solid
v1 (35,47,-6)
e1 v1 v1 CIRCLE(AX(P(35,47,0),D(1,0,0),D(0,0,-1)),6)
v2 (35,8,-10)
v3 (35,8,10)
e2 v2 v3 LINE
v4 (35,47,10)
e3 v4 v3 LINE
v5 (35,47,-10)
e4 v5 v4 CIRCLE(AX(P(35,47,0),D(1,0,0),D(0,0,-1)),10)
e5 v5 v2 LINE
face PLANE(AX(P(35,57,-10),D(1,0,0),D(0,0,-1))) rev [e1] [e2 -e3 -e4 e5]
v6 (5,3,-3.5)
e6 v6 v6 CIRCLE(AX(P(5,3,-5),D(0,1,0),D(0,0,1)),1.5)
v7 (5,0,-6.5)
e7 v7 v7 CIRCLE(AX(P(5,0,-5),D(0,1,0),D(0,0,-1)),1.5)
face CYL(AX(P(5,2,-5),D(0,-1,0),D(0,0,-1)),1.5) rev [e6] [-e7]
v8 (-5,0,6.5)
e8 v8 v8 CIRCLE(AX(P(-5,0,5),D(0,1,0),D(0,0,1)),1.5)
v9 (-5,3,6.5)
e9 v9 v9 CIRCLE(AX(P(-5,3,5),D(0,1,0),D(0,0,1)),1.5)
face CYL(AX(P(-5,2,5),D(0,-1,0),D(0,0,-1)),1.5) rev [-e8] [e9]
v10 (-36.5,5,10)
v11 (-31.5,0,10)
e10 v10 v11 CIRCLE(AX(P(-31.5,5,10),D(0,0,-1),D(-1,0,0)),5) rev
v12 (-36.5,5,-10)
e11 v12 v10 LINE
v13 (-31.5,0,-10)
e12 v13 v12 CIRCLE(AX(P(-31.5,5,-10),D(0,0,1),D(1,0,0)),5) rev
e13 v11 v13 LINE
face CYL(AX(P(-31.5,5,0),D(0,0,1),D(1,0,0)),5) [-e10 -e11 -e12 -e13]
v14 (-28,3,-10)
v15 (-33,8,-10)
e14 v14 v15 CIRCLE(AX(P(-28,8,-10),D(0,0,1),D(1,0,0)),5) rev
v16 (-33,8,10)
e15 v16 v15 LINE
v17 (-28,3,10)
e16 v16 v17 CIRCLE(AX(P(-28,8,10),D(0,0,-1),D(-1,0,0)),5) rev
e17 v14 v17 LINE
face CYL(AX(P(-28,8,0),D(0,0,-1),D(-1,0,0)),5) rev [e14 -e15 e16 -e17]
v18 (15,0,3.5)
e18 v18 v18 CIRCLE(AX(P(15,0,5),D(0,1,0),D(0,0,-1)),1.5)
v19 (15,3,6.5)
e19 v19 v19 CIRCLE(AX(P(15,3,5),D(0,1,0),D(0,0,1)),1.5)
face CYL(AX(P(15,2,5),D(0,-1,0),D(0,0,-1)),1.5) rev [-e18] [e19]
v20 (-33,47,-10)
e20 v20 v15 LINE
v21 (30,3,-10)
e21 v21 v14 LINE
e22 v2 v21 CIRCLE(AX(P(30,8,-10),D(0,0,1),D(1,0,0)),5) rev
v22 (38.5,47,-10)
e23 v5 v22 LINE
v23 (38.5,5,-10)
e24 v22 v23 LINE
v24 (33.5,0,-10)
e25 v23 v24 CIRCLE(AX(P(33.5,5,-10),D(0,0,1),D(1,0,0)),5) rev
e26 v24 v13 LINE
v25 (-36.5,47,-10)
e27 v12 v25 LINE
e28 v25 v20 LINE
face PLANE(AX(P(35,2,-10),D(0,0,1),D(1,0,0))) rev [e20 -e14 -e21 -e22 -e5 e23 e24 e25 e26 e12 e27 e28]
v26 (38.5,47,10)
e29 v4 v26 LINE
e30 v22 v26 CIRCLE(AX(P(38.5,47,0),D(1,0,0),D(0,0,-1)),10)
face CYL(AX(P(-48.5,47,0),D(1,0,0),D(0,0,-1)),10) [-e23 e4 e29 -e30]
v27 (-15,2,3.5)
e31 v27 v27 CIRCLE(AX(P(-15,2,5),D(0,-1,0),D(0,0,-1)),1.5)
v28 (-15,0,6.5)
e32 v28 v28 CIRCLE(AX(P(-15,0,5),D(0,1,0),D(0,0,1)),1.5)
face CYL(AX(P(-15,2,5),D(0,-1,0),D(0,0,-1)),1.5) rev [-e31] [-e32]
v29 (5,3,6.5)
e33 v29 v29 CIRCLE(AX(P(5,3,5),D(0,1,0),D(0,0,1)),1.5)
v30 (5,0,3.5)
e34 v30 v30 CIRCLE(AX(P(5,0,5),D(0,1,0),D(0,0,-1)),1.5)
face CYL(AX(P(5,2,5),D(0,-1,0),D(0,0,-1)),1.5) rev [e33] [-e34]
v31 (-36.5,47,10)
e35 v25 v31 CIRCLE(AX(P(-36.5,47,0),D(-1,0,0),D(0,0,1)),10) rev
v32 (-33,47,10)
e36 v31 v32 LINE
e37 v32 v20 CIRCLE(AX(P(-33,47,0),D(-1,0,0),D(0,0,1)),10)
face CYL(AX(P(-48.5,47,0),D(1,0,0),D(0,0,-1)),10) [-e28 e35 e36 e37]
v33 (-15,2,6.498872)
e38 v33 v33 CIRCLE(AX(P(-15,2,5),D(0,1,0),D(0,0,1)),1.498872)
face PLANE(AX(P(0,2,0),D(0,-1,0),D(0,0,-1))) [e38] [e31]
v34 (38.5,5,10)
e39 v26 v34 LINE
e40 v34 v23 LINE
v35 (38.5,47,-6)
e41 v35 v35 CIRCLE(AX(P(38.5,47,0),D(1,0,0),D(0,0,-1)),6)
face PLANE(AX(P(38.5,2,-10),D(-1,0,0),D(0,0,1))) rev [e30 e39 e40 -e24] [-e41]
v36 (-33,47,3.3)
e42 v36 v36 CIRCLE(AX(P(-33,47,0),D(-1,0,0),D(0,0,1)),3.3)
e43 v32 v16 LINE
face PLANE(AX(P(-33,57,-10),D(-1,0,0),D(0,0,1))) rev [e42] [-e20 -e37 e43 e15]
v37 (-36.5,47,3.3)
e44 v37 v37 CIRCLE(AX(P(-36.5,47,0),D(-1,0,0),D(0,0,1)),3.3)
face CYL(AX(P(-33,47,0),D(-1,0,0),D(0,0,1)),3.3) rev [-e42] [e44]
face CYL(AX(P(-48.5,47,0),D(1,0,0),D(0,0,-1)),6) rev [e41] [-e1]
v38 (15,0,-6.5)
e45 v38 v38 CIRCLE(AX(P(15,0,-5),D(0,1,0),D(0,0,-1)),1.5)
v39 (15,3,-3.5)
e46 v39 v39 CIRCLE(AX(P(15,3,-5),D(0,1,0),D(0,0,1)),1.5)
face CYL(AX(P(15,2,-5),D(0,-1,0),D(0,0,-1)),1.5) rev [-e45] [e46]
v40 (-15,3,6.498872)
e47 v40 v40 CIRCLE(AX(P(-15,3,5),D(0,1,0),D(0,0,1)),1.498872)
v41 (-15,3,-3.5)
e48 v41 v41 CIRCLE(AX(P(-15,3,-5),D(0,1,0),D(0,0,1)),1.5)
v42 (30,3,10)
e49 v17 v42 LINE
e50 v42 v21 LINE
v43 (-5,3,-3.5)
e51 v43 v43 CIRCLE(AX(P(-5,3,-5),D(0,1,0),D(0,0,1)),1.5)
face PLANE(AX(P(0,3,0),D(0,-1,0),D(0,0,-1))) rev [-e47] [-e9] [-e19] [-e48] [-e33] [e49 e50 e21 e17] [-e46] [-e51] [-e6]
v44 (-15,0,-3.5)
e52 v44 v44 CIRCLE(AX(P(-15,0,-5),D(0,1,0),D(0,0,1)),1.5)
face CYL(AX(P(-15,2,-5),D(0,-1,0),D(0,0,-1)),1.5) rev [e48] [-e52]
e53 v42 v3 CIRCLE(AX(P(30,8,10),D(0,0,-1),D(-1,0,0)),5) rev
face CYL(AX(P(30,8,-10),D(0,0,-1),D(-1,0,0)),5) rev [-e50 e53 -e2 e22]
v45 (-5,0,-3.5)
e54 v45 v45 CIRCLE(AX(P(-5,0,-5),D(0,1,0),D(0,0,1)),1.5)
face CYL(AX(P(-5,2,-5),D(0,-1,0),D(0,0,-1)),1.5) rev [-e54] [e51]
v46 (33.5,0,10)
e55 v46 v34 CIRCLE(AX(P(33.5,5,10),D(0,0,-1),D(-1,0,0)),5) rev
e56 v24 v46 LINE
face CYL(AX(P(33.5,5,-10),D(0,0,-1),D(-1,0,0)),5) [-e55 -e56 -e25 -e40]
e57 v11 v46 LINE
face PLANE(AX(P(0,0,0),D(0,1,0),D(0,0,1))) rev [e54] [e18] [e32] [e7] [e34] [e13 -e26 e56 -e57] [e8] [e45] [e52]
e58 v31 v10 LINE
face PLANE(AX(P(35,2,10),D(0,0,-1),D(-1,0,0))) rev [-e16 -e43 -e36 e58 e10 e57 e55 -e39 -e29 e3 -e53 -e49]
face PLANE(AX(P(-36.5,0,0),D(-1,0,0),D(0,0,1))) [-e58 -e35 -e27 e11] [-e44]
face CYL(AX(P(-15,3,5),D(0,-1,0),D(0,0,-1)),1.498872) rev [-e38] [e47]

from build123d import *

# Parameters (mm, degrees)
SKETCH_2_R          = 1.5
EXTRUDE_1_DEPTH     = 2
SKETCH_3_W          = 2
SKETCH_3_H          = 20
SKETCH_3_W_2        = 3.5
EXTRUDE_2_DEPTH     = 55
SKETCH_9_R          = 6
CUT_EXTRUDE_1_DEPTH = 87
SKETCH_7_R          = 6
SKETCH_7_R_2        = 3.3
EXTRUDE_3_DEPTH     = 2
SKETCH_10_R         = 3.3
EXTRUDE_4_DEPTH     = 1.5
SKETCH_11_W         = 68
SKETCH_11_H         = 20
SKETCH_11_R         = 1.5
SKETCH_11_R_2       = 1.498871695
EXTRUDE_5_DEPTH     = 1
FILLET_6_R          = 5
FILLET_7_R          = 5
FILLET_8_R          = 5


with BuildPart() as part:
    # 스케치2 → 보스-돌출1 (new body)
    with BuildSketch(Plane(origin=(0, 0, 0), x_dir=(1, 0, 0), z_dir=(0, 1, 0))):
        Polygon((35, -10), (-35, -10), (-35, 10), (35, 10), (38.5, 10), (38.5, -10), align=None)
        with Locations((-15, 5)):
            Circle(SKETCH_2_R, mode=Mode.SUBTRACT)
        with Locations((-5, 5)):
            Circle(SKETCH_2_R, mode=Mode.SUBTRACT)
        with Locations((-15, -5)):
            Circle(SKETCH_2_R, mode=Mode.SUBTRACT)
        with Locations((-5, -5)):
            Circle(SKETCH_2_R, mode=Mode.SUBTRACT)
        with Locations((15, -5)):
            Circle(SKETCH_2_R, mode=Mode.SUBTRACT)
        with Locations((5, -5)):
            Circle(SKETCH_2_R, mode=Mode.SUBTRACT)
        with Locations((5, 5)):
            Circle(SKETCH_2_R, mode=Mode.SUBTRACT)
        with Locations((15, 5)):
            Circle(SKETCH_2_R, mode=Mode.SUBTRACT)
    extrude(amount=EXTRUDE_1_DEPTH)

    # 스케치3 → 보스-돌출2 (add)
    with BuildSketch(Plane(origin=(0, 2, 0), x_dir=(1, 0, 0), z_dir=(0, 1, 0))):
        with Locations((-34, 0)):
            Rectangle(SKETCH_3_W, SKETCH_3_H)
        with Locations((36.75, 0)):
            Rectangle(SKETCH_3_W_2, SKETCH_3_H)
    extrude(amount=EXTRUDE_2_DEPTH)

    # 스케치9 → 컷-돌출1 (cut)
    with BuildSketch(Plane(origin=(38.5, 0, 0), x_dir=(0, 0, -1), z_dir=(1, 0, 0))):
        with BuildLine():
            Line((10, 57), (0, 57))
            ThreePointArc((0, 57), (7.071067812, 54.071067812), (10, 47))
            Line((10, 47), (10, 57))
        make_face()
        with BuildLine():
            Line((-10, 57), (-10, 47))
            ThreePointArc((-10, 47), (-7.071067812, 54.071067812), (0, 57))
            Line((0, 57), (-10, 57))
        make_face()
        with Locations((0, 47)):
            Circle(SKETCH_9_R)
    extrude(amount=-CUT_EXTRUDE_1_DEPTH, mode=Mode.SUBTRACT)

    # 스케치7 → 보스-돌출3 (add)
    with BuildSketch(Plane.ZY.offset(35)):
        with Locations((0, 47)):
            Circle(SKETCH_7_R)
        with Locations((0, 47)):
            Circle(SKETCH_7_R_2, mode=Mode.SUBTRACT)
    extrude(amount=-EXTRUDE_3_DEPTH)

    # 스케치10 → 보스-돌출4 (add)
    with BuildSketch(Plane.ZY.offset(35)):
        with BuildLine():
            ThreePointArc((-10, 47), (0, 57), (10, 47))
            Line((10, 47), (10, 0))
            Line((10, 0), (-10, 0))
            Line((-10, 0), (-10, 47))
        make_face()
        with Locations((0, 47)):
            Circle(SKETCH_10_R, mode=Mode.SUBTRACT)
    extrude(amount=EXTRUDE_4_DEPTH)

    # 스케치11 → 보스-돌출5 (add)
    with BuildSketch(Plane(origin=(0, 2, 0), x_dir=(1, 0, 0), z_dir=(0, 1, 0))):
        with Locations((1, 0)):
            Rectangle(SKETCH_11_W, SKETCH_11_H)
        with Locations((-15, 5)):
            Circle(SKETCH_11_R, mode=Mode.SUBTRACT)
        with Locations((-5, 5)):
            Circle(SKETCH_11_R, mode=Mode.SUBTRACT)
        with Locations((5, 5)):
            Circle(SKETCH_11_R, mode=Mode.SUBTRACT)
        with Locations((15, 5)):
            Circle(SKETCH_11_R, mode=Mode.SUBTRACT)
        with Locations((15, -5)):
            Circle(SKETCH_11_R, mode=Mode.SUBTRACT)
        with Locations((5, -5)):
            Circle(SKETCH_11_R, mode=Mode.SUBTRACT)
        with Locations((-5, -5)):
            Circle(SKETCH_11_R, mode=Mode.SUBTRACT)
        with Locations((-15, -5)):
            Circle(SKETCH_11_R_2, mode=Mode.SUBTRACT)
    extrude(amount=EXTRUDE_5_DEPTH)

    # 필렛6
    fillet_6_edges = [part.edges().sort_by_distance(p)[0] for p in [
        (-33, 3, 0),
    ]]
    fillet(fillet_6_edges, radius=FILLET_6_R)

    # 필렛7
    fillet_7_edges = [part.edges().sort_by_distance(p)[0] for p in [
        (35, 3, 0),
    ]]
    fillet(fillet_7_edges, radius=FILLET_7_R)

    # 필렛8
    fillet_8_edges = [part.edges().sort_by_distance(p)[0] for p in [
        (-36.5, 0, 0),
        (38.5, 0, 0),
    ]]
    fillet(fillet_8_edges, radius=FILLET_8_R)


solid = part.part
